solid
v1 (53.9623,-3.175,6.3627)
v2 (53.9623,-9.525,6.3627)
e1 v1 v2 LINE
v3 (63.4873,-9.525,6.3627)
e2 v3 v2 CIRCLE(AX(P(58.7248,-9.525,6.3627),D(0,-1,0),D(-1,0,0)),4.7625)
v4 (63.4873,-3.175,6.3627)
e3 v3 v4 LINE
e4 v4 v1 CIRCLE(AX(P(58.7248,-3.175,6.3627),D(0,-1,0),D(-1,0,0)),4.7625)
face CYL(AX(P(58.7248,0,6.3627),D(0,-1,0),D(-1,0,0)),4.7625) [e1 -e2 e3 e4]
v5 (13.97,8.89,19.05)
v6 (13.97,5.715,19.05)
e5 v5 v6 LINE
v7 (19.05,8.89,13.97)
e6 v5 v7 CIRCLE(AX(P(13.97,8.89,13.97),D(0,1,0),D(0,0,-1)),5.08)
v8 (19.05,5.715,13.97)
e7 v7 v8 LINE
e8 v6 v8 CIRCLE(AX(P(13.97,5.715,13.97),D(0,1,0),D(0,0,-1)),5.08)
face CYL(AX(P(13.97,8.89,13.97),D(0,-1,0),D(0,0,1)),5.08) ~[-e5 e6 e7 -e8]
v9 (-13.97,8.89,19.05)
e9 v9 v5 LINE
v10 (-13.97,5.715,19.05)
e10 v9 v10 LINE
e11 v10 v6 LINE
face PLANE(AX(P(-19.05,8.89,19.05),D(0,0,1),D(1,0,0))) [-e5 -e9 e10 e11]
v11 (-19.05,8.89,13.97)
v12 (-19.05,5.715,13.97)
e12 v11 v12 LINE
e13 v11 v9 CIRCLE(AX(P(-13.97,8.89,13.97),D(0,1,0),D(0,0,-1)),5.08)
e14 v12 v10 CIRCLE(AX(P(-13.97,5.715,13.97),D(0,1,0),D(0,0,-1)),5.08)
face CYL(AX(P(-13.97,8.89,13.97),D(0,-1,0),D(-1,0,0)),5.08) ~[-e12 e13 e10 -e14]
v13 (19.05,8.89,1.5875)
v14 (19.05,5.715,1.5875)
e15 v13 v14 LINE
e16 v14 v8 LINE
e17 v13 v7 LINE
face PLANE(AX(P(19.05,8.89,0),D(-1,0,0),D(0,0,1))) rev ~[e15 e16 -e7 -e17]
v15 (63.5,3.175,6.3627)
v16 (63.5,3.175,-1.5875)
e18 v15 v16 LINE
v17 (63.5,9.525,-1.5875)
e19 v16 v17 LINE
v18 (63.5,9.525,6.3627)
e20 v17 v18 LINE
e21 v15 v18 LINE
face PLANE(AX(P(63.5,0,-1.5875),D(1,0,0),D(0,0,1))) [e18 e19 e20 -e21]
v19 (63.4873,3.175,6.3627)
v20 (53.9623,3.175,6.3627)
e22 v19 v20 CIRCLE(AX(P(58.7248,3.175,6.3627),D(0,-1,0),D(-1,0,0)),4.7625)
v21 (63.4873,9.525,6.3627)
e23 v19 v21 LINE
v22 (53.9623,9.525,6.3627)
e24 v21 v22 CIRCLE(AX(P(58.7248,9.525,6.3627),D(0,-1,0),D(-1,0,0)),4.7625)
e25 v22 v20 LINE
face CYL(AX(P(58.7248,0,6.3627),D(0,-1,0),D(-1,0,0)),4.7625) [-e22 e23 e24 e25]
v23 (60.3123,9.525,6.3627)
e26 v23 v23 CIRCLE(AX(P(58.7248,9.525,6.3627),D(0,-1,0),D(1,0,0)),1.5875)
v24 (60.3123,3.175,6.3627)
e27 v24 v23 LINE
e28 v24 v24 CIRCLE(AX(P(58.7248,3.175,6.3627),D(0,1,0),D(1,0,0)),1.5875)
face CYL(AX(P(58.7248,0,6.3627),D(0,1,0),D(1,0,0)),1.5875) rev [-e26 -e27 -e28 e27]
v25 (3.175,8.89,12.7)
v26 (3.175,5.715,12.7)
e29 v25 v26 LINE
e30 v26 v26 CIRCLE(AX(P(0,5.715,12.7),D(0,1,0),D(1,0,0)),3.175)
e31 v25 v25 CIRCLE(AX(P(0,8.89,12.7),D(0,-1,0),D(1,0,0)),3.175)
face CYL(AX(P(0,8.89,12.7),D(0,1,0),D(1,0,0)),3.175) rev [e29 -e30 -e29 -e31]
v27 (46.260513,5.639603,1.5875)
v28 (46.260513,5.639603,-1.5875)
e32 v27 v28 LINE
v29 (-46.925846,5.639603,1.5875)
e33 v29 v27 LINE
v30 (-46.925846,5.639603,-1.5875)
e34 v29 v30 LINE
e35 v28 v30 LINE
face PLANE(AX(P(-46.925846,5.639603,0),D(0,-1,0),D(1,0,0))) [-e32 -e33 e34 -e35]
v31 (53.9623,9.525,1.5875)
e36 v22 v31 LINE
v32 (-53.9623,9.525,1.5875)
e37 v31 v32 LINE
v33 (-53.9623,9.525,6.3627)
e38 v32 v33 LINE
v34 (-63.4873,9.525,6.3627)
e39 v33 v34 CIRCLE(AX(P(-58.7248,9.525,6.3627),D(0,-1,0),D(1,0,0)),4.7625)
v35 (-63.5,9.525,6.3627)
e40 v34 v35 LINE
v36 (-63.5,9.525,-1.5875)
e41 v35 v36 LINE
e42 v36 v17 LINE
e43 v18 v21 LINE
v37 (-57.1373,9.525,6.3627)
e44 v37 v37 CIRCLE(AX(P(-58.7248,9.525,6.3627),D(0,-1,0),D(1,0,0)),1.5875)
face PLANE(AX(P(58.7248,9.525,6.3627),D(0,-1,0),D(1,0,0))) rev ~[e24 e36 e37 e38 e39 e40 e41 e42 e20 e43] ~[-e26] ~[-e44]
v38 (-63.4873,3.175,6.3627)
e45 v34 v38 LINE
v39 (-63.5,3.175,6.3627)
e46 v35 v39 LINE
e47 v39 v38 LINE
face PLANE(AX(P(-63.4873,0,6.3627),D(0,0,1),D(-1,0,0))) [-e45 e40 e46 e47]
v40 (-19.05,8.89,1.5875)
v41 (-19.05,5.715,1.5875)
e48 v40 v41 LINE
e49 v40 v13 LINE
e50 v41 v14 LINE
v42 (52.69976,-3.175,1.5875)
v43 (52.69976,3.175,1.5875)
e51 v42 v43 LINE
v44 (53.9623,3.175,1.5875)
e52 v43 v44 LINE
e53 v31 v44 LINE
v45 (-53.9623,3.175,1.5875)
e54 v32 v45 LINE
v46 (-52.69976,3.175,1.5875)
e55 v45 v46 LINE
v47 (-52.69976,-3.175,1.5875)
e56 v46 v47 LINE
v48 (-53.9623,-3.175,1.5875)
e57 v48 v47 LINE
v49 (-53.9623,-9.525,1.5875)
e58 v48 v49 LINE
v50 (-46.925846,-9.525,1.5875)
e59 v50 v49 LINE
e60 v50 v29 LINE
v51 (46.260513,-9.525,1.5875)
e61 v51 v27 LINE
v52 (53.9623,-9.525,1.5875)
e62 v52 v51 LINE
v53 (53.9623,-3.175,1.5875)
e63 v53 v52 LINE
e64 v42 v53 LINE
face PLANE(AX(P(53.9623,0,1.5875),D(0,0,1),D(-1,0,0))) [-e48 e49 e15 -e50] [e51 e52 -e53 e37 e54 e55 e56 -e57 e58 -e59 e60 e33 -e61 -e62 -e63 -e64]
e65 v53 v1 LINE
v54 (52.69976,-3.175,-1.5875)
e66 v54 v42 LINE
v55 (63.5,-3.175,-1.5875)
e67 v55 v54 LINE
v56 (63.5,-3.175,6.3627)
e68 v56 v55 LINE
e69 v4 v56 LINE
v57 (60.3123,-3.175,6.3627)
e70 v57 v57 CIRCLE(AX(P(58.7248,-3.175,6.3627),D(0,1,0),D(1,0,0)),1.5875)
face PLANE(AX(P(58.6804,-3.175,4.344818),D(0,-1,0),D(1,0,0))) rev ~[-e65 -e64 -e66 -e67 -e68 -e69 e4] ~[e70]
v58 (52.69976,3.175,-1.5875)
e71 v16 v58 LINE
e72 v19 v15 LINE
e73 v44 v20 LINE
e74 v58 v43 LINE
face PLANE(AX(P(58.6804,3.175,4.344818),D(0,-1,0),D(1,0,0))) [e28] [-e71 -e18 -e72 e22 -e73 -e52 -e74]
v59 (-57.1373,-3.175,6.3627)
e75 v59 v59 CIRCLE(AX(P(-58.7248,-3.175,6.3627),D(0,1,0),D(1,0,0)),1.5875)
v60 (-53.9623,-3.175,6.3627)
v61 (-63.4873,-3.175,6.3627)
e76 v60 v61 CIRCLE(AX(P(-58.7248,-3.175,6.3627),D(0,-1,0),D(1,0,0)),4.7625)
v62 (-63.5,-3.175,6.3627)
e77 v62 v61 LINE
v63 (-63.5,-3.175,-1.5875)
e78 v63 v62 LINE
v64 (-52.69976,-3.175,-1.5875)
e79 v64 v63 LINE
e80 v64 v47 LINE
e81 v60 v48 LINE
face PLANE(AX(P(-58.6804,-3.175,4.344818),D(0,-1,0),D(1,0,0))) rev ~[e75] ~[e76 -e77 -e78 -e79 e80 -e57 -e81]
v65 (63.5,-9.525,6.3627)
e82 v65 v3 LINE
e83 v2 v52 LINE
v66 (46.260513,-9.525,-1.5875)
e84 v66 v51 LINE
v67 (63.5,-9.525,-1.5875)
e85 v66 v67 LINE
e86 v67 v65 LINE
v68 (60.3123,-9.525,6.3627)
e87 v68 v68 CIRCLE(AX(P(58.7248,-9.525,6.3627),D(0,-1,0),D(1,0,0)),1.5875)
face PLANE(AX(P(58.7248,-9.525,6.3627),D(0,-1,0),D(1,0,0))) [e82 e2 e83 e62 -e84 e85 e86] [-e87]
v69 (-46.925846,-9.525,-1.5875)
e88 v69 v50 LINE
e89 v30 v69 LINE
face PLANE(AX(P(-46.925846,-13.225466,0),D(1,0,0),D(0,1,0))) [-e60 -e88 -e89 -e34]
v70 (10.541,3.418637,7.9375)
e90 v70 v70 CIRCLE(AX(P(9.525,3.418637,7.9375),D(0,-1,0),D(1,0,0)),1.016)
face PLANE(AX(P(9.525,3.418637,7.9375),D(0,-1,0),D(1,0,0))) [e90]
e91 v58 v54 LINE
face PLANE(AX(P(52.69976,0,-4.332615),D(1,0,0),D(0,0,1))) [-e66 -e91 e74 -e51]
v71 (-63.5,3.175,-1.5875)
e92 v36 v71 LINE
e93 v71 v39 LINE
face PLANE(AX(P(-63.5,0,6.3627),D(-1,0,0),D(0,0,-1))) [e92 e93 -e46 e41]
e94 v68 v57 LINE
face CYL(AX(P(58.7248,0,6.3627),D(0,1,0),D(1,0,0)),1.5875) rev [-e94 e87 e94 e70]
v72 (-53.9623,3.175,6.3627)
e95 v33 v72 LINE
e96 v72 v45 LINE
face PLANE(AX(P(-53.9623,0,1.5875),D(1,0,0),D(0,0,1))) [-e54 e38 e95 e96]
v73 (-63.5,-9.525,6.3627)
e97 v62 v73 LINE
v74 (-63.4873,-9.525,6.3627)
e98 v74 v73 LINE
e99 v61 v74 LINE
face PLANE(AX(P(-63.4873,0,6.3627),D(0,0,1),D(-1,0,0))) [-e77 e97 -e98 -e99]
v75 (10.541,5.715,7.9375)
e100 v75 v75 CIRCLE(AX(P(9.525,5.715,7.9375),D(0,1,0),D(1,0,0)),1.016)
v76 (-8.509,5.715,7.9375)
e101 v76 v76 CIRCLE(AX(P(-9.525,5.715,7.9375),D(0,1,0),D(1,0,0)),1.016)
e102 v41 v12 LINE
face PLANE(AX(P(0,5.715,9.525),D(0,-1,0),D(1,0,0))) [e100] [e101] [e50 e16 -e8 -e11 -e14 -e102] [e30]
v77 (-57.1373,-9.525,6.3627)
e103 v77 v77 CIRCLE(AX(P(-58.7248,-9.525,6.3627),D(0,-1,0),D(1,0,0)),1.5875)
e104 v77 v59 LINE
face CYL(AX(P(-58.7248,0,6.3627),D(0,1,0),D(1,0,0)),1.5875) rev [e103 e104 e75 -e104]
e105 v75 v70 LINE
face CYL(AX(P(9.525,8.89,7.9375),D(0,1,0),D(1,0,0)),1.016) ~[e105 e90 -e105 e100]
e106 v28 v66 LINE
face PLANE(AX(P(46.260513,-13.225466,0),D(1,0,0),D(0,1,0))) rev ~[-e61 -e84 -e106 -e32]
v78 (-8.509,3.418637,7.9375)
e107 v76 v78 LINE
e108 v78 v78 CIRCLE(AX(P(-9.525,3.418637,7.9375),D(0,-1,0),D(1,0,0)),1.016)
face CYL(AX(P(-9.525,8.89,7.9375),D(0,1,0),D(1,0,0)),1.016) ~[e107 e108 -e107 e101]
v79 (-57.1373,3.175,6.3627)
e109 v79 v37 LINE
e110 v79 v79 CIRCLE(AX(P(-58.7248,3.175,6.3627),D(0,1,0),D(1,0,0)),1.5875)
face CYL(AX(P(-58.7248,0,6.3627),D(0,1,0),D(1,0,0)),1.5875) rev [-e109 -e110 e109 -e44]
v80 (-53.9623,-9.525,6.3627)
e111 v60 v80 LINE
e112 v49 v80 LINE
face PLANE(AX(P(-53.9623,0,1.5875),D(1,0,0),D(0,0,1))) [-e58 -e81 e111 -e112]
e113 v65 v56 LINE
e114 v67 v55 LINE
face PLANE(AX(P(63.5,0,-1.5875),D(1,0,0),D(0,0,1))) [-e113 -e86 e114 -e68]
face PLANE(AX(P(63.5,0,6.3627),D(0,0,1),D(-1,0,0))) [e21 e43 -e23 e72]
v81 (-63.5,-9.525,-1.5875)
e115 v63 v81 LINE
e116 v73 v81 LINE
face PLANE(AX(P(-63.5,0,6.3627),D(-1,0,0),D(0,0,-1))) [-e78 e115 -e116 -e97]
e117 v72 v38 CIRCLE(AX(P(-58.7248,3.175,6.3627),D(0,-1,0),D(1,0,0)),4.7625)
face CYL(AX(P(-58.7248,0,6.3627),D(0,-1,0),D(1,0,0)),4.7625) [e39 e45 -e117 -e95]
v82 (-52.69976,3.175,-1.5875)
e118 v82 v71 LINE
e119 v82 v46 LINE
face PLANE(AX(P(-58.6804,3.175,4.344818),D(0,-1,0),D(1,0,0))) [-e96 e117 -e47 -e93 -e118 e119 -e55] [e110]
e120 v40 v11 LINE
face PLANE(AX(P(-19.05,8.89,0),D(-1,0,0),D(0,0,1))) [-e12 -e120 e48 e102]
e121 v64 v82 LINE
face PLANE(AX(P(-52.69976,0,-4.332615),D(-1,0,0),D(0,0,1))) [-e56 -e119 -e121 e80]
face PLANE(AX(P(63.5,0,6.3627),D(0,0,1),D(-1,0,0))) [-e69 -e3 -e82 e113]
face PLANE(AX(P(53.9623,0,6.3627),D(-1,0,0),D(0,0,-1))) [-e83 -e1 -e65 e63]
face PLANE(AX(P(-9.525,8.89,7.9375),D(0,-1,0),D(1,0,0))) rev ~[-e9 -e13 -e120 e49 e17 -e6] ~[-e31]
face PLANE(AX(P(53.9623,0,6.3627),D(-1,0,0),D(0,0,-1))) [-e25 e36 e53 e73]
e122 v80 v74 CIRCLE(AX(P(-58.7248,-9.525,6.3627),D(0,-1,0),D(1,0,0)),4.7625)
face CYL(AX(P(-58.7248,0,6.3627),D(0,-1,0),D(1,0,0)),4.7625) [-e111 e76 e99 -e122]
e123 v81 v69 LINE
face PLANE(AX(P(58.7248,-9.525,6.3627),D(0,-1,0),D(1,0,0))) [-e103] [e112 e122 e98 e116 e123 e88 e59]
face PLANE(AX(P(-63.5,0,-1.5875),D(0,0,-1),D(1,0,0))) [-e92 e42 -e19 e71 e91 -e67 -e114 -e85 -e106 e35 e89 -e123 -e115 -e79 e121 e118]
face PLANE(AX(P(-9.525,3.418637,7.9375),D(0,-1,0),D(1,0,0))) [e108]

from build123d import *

# Parameters (mm, degrees)
F2_R      = 1.5875
F4_DEPTH  = 9.525
F3_W      = 11.9612812996
F3_H      = 17.3548664898
F5_DEPTH  = 3.175
F6_W      = 38.1
F6_H      = 19.05
F7_DEPTH  = 3.175
F8_R      = 1.016
F9_DEPTH  = 5.471363198
F10_R     = 5.08
F11_W     = 93.1863598526
F11_H     = 18.8650693744
F12_DEPTH = 3.175
F13_R     = 3.175
F14_DEPTH = 9.5102116466


with BuildPart() as f4:
    # F2 (on Front) → F4 (new body, symmetric)
    with BuildSketch(Plane.XZ):
        with BuildLine():
            ThreePointArc((63.4873, 6.3627), (58.7248, 11.1252), (53.9623, 6.3627))
            ThreePointArc((53.9623, 6.3627), (58.7248, 1.6002), (63.4873, 6.3627))
        make_face()
        with Locations((58.7248, 6.3627)):
            Circle(F2_R, mode=Mode.SUBTRACT)
        with BuildLine():
            Line((53.9623, 1.5875), (63.5, 1.5875))
            Line((63.5, 1.5875), (63.5, 6.3627))
            Line((63.5, 6.3627), (63.4873, 6.3627))
            ThreePointArc((63.4873, 6.3627), (58.7248, 1.6002), (53.9623, 6.3627))
            Line((53.9623, 6.3627), (53.9623, 1.5875))
        make_face()
        Polygon((-63.5, 1.5875), (-63.5, -1.5875), (63.5, -1.5875), (63.5, 1.5875), (53.9623, 1.5875), (-53.9623, 1.5875), align=None)
        with BuildLine():
            ThreePointArc((-63.4873, 6.3627), (-58.7248, 1.6002), (-53.9623, 6.3627))
            ThreePointArc((-53.9623, 6.3627), (-58.7248, 11.1252), (-63.4873, 6.3627))
        make_face()
        with Locations((-58.7248, 6.3627)):
            Circle(F2_R, mode=Mode.SUBTRACT)
        with BuildLine():
            Line((-63.5, 6.3627), (-63.5, 1.5875))
            Line((-63.5, 1.5875), (-53.9623, 1.5875))
            Line((-53.9623, 1.5875), (-53.9623, 6.3627))
            ThreePointArc((-53.9623, 6.3627), (-58.7248, 1.6002), (-63.4873, 6.3627))
            Line((-63.4873, 6.3627), (-63.5, 6.3627))
        make_face()
    extrude(amount=F4_DEPTH, both=True)

    # F3 (on Front) → F5 (cut, symmetric)
    with BuildSketch(Plane.XZ):
        with Locations((-58.6804002523, 4.3448181823)):
            Rectangle(F3_W, F3_H)
        with Locations((58.6804002523, 4.3448181823)):
            Rectangle(F3_W, F3_H)
    extrude(amount=F5_DEPTH, both=True, mode=Mode.SUBTRACT)

    # F6 (on offset) → F7 (join)
    with BuildSketch(Plane.XZ.offset(-8.89)):
        with Locations((0, 9.525)):
            Rectangle(F6_W, F6_H)
    extrude(amount=F7_DEPTH)

    # F8 (on offset) → F9 (join)
    with BuildSketch(Plane.XZ.offset(-8.89)):
        with Locations((-9.525, 7.9375)):
            Circle(F8_R)
        with Locations((9.525, 7.9375)):
            Circle(F8_R)
    extrude(amount=F9_DEPTH)

    # F10
    f10_edges = [f4.edges().sort_by_distance(p)[0] for p in [
        (19.05, 7.3025, 19.05),
        (-19.05, 7.3025, 19.05),
    ]]
    fillet(f10_edges, radius=F10_R)

    # F11 (on Top) → F12 (cut, symmetric)
    with BuildSketch(Plane.XY):
        with Locations((-0.332666561, -3.7929313257)):
            Rectangle(F11_W, F11_H)
    extrude(amount=F12_DEPTH, both=True, mode=Mode.SUBTRACT)

    # F13 (on offset) → F14 (cut)
    with BuildSketch(Plane.XZ.offset(-8.89)):
        with Locations((0, 12.7)):
            Circle(F13_R)
    extrude(amount=F14_DEPTH, mode=Mode.SUBTRACT)


solid = f4.part
